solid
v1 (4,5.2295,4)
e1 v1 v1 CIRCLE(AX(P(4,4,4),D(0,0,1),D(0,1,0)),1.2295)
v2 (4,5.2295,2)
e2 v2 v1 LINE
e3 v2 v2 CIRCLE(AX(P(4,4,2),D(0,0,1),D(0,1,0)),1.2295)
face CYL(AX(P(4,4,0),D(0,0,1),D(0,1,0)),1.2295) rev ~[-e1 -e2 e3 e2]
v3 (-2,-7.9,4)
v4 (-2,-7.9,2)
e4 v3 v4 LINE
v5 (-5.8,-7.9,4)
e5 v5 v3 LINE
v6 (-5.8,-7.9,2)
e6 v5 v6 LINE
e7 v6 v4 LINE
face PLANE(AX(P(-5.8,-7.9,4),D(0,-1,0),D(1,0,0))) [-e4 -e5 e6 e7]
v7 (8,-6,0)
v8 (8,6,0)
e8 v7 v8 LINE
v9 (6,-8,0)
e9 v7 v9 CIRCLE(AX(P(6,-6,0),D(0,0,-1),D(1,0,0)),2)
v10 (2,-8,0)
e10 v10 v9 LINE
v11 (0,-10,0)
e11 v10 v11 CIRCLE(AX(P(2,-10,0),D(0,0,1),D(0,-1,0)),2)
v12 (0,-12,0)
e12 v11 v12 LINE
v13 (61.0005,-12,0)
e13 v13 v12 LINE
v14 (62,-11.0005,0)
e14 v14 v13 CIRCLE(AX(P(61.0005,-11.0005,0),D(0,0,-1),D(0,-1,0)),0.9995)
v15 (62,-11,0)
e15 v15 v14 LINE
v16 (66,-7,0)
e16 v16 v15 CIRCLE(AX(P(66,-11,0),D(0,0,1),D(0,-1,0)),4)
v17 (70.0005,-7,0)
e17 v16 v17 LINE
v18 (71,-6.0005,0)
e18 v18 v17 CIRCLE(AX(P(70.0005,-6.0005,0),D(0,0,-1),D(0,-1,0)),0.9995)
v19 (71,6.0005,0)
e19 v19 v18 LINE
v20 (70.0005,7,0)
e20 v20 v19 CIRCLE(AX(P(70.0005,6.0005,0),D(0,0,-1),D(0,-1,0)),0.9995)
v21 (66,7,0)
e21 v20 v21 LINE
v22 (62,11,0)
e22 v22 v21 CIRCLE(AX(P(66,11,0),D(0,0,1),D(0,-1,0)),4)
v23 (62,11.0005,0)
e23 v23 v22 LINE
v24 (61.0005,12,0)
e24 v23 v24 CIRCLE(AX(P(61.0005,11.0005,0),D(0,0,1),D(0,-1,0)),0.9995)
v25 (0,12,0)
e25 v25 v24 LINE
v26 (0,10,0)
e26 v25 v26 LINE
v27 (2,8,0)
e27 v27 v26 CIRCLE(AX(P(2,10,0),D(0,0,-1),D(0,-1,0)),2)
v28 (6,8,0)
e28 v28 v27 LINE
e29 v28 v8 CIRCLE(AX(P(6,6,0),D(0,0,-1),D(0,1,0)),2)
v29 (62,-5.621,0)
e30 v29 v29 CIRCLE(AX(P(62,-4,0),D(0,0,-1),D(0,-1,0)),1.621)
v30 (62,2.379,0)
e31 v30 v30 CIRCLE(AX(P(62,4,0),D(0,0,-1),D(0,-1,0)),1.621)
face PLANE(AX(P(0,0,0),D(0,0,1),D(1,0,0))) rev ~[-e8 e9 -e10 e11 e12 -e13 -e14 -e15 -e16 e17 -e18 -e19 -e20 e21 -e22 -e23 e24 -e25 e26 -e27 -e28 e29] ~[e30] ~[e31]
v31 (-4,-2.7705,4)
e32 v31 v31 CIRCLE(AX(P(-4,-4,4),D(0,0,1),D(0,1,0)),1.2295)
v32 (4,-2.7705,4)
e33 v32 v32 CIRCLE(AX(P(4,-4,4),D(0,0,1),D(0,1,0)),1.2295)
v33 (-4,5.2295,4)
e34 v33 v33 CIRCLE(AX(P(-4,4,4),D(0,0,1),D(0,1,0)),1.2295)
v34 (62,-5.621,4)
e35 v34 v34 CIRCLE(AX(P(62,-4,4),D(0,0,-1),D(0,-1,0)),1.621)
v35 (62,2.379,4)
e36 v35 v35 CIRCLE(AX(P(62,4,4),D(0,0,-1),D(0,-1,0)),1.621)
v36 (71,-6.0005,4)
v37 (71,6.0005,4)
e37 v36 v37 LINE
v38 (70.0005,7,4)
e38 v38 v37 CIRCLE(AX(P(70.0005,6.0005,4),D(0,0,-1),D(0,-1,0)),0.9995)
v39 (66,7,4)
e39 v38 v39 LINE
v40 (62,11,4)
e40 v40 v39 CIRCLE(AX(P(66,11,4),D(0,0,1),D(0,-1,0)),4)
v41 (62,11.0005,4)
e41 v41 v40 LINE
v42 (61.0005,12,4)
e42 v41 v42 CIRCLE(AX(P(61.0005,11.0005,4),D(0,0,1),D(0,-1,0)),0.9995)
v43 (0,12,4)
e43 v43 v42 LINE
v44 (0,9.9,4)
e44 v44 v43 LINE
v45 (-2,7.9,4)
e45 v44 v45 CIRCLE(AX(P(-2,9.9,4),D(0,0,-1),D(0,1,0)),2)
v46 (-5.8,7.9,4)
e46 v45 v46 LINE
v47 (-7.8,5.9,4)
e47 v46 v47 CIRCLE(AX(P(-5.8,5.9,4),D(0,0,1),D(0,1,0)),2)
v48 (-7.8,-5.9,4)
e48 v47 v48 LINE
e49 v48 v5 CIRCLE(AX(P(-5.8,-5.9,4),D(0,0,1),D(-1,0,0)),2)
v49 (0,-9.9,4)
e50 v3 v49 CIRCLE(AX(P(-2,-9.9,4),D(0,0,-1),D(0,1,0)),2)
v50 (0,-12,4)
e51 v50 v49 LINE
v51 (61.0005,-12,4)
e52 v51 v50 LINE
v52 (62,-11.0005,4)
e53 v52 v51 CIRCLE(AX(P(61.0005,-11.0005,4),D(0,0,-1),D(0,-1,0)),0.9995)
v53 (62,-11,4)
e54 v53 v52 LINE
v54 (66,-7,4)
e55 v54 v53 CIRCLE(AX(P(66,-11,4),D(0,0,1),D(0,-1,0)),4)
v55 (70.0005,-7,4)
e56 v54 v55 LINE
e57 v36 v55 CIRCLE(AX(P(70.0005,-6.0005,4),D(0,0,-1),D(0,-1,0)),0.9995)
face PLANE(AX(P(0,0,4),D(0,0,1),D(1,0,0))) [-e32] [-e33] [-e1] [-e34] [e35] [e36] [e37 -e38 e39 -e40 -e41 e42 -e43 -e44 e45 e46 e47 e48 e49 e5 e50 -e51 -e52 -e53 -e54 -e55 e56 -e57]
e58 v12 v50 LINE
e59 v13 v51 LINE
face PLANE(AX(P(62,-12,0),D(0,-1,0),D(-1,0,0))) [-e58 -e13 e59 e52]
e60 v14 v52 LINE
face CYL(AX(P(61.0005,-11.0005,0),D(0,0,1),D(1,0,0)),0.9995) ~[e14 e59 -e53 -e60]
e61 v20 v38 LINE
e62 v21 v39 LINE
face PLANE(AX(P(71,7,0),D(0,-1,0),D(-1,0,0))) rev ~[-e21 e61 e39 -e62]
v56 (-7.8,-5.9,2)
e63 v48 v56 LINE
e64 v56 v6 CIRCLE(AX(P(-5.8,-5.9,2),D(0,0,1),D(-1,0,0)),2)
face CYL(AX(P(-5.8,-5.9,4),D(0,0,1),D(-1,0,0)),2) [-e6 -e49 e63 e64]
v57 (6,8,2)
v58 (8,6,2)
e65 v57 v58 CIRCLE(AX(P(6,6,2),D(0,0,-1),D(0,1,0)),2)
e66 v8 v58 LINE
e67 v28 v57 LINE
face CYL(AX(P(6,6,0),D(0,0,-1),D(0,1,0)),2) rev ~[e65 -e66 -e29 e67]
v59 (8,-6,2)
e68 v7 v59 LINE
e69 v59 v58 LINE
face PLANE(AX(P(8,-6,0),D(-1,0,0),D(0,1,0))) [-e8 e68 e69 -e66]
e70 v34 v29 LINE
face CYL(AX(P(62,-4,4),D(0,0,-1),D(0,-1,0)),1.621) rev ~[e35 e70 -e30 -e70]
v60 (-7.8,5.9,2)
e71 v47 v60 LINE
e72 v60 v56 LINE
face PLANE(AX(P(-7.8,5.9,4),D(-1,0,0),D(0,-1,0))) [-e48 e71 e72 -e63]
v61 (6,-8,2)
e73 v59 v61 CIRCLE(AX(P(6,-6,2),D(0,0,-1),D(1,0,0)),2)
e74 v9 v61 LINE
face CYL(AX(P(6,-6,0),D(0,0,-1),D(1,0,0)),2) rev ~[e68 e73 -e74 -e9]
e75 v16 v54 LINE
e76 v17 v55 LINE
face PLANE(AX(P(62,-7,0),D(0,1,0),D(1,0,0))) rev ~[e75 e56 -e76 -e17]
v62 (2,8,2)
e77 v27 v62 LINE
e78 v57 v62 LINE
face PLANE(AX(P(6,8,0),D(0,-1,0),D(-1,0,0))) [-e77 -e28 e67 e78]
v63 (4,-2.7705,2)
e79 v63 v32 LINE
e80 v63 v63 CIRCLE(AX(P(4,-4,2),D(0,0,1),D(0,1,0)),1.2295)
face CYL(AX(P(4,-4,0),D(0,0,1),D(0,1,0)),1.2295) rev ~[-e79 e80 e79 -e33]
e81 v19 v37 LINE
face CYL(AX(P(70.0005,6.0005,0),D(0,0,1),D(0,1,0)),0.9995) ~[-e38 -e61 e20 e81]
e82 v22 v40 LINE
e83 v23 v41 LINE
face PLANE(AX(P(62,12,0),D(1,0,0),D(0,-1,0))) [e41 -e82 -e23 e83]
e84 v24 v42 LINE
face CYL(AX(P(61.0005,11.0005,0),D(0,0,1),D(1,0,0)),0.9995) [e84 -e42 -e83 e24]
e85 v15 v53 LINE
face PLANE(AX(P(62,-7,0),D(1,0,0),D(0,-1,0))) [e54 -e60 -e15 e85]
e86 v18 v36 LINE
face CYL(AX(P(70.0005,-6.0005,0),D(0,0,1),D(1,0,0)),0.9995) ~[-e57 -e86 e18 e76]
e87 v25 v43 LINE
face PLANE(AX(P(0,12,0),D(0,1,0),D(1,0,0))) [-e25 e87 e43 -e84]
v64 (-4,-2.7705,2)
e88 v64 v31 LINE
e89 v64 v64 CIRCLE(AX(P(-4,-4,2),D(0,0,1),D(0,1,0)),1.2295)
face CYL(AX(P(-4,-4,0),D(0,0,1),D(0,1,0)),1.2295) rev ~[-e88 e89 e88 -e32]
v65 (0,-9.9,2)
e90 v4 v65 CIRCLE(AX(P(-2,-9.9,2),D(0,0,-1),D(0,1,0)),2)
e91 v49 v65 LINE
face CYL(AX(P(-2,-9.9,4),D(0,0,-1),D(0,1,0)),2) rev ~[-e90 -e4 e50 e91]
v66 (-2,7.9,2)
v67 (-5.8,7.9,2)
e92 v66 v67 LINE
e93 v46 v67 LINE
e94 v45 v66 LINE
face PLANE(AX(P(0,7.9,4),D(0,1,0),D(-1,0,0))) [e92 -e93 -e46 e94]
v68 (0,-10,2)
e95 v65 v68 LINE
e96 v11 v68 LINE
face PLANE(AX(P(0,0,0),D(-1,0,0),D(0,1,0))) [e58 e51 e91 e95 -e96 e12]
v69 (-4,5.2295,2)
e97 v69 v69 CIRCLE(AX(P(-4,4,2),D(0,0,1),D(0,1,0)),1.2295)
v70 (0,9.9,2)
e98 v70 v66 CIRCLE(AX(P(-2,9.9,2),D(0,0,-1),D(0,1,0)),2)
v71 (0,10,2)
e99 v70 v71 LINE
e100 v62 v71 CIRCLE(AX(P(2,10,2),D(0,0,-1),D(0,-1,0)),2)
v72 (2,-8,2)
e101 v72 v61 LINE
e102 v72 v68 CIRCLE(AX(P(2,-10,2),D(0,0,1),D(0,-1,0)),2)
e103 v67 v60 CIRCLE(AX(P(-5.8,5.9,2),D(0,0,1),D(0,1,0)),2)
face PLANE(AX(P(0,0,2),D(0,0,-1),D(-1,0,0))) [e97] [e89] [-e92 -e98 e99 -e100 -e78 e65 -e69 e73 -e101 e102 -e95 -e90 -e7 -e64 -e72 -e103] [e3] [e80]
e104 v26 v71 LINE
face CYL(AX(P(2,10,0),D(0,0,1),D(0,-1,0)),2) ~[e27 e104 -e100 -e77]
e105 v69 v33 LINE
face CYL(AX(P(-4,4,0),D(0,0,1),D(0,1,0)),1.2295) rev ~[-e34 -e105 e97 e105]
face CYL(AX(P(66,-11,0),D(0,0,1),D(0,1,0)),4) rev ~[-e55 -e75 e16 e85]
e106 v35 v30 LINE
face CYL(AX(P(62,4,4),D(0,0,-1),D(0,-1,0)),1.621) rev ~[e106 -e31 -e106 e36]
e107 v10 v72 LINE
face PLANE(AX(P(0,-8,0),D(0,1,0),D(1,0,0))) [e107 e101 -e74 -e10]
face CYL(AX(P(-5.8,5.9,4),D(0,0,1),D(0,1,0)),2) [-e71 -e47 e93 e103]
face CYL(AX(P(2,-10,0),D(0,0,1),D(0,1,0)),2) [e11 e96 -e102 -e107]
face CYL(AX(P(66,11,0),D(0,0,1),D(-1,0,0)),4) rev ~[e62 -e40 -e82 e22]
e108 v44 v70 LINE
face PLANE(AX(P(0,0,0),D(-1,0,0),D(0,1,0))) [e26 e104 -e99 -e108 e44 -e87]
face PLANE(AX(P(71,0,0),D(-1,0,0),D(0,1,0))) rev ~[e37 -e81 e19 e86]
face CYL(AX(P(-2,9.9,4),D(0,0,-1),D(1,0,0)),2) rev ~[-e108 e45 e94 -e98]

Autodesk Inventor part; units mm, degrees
ref_plane "YZ Plane" through (0, 0, 0) normal (1, 0, 0) x (0, 1, 0)
ref_plane "XZ Plane" through (0, 0, 0) normal (0, 1, 0) x (-1, 0, 0)
ref_plane "XY Plane" through (0, 0, 0) normal (0, 0, 1) x (1, 0, 0)
sketch "Skizze1" plane through (0, 0, 0) normal (0, 0, 1) x (1, 0, 0)
  line L0 (0, 12) -> (62, 12)
  line L1 (62, -12) -> (0, -12)
  line L2 (0, -12) -> (0, 12)
  line L3 (-14.2, 0) -> (85.2, 0) projected
  line L4 (62, -7) -> (71, -7)
  line L5 (71, -7) -> (71, 7)
  line L6 (71, 7) -> (62, 7)
  line L7 (62, 12) -> (62, 7)
  line L8 (62, -7) -> (62, -12)
  point P0 (0, 0)
  dimension "d0" = 24
  dimension "d1" = 62
  dimension "d29" = 14
  dimension "d30" = 9
extrude "Extrusion1" add sketch "Skizze1" along normal blind 4
sketch "Skizze5" plane through (0, 0, 0) normal (0, 0, -1) x (-1, 0, 0)
  line L0 (0, -12) -> (0, 12) construction
  line L1 (-85.2, 0) -> (14.2, 0) construction
  line L2 (0, 12) -> (0, -12) projected
  line L3 (0, -8) -> (-6, -8)
  line L4 (-8, -6) -> (-8, 6)
  line L5 (-6, 8) -> (0, 8)
  line L6 (0, 8) -> (0, -8)
  arc A0 (-8, -6) -> (-6, -8) centre (-6, -6) ccw
  arc A1 (-6, 8) -> (-8, 6) centre (-6, 6) ccw
  point P0 (0, 0)
  dimension "d37" = 2
  dimension "d38" = 4
  dimension "d39" = 8
extrude "Extrusion3" cut sketch "Skizze5" against normal blind 2
sketch "Skizze6" plane through (0, 0, 4) normal (0, 0, 1) x (1, 0, 0)
  line L0 (0, 12) -> (0, -12) construction
  line L1 (-24.0571, 0) -> (86.8428, 0) construction
  line L2 (0, 7.9) -> (-5.8, 7.9)
  line L3 (-7.8, 5.9) -> (-7.8, -5.9)
  line L4 (-5.8, -7.9) -> (0, -7.9)
  line L5 (0, -7.9) -> (0, 7.9)
  arc A0 (-5.8, 7.9) -> (-7.8, 5.9) centre (-5.8, 5.9) ccw
  arc A1 (-7.8, -5.9) -> (-5.8, -7.9) centre (-5.8, -5.9) ccw
  point P0 (0, 0)
  dimension "d42" = 2
  dimension "d43" = 4.1
  dimension "d44" = 7.8
extrude "Extrusion4" add sketch "Skizze6" against normal blind 2
sketch "Skizze2" plane through (0, 0, 4) normal (0, 0, 1) x (1, 0, 0)
  line L0 (62, 12) -> (0, 12) projected
  line L1 (0, 12) -> (0, -12) projected
  line L2 (0, 12) -> (4, 12)
  line L3 (4, 12) -> (4, -12)
  line L4 (4, -12) -> (0, -12)
  line L5 (0, -12) -> (0, 12)
  point P0 (0, 0)
  dimension "d4" = 4
extrude "Extrusion2" [suppressed]
sketch "Skizze3" plane through (0, 0, 2) normal (0, 0, 1) x (1, 0, 0)
  line L0 (0, 16.8) -> (0, -16.8) projected
  line L1 (-15, 0) -> (90, 0) projected
  point P0 (0, 0)
  point P1 (2, 0)
  dimension "d7" = 2
hole "Bohrung1" [suppressed]
pattern_linear "Rechteckige Anordnung1" [suppressed]
sketch "Skizze4" plane through (0, 0, 4) normal (0, 0, 1) x (1, 0, 0)
  line L0 (-14.2, 0) -> (85.2, 0) projected
  line L1 (62, -12) -> (62, 12) projected
  line L2 (71, -7) -> (71, 7) construction
  point P0 (0, 0)
  point P1 (62, 4)
  point P2 (62, -4)
  dimension "d31" = 8
  dimension "d36" = 0
hole "Bohrung2" at (62, -4, 4) at (62, 4, 4) direction (0, 0, -1) diameter 3.242 end through all thread size "M4x0.7" class "6H" standard "ISO Metric profile"
fillet "Rundung1" radius 4 2 edges at (62, -7, 2) (62, 7, 2)
fillet "Rundung2" radius 1 4 edges at (62, -12, 2) (62, 12, 2) (71, -7, 2) (71, 7, 2)
sketch "Skizze7" plane through (0, 0, 0) normal (0, 0, 1) x (1, 0, 0)
  line L0 (-4, -4) -> (4, -4) construction
  line L1 (4, -4) -> (4, 4) construction
  line L2 (4, 4) -> (-4, 4) construction
  line L3 (-4, 4) -> (-4, -4) construction
  line L4 (0, 5.6) -> (0, -5.6) construction
  line L5 (-5.6, 0) -> (5.6, 0) construction
  point P0 (0, 0)
  dimension "d48" = 8
  dimension "d49" = 8
hole "Bohrung3" at (4, -4, 0) at (4, 4, 0) at (-4, 4, 0) at (-4, -4, 0) direction (0, 0, 1) diameter 2.459 end through all thread size "M3x0.5" class "6H" standard "ISO Metric profile"
fillet "Rundung3" radius 2 4 edges at (0, -8, 1) (0, 8, 1) (0, 7.9, 3) (0, -7.9, 3)
properties part number "Kicker Eisen" material "Stahl, unlegiert"
